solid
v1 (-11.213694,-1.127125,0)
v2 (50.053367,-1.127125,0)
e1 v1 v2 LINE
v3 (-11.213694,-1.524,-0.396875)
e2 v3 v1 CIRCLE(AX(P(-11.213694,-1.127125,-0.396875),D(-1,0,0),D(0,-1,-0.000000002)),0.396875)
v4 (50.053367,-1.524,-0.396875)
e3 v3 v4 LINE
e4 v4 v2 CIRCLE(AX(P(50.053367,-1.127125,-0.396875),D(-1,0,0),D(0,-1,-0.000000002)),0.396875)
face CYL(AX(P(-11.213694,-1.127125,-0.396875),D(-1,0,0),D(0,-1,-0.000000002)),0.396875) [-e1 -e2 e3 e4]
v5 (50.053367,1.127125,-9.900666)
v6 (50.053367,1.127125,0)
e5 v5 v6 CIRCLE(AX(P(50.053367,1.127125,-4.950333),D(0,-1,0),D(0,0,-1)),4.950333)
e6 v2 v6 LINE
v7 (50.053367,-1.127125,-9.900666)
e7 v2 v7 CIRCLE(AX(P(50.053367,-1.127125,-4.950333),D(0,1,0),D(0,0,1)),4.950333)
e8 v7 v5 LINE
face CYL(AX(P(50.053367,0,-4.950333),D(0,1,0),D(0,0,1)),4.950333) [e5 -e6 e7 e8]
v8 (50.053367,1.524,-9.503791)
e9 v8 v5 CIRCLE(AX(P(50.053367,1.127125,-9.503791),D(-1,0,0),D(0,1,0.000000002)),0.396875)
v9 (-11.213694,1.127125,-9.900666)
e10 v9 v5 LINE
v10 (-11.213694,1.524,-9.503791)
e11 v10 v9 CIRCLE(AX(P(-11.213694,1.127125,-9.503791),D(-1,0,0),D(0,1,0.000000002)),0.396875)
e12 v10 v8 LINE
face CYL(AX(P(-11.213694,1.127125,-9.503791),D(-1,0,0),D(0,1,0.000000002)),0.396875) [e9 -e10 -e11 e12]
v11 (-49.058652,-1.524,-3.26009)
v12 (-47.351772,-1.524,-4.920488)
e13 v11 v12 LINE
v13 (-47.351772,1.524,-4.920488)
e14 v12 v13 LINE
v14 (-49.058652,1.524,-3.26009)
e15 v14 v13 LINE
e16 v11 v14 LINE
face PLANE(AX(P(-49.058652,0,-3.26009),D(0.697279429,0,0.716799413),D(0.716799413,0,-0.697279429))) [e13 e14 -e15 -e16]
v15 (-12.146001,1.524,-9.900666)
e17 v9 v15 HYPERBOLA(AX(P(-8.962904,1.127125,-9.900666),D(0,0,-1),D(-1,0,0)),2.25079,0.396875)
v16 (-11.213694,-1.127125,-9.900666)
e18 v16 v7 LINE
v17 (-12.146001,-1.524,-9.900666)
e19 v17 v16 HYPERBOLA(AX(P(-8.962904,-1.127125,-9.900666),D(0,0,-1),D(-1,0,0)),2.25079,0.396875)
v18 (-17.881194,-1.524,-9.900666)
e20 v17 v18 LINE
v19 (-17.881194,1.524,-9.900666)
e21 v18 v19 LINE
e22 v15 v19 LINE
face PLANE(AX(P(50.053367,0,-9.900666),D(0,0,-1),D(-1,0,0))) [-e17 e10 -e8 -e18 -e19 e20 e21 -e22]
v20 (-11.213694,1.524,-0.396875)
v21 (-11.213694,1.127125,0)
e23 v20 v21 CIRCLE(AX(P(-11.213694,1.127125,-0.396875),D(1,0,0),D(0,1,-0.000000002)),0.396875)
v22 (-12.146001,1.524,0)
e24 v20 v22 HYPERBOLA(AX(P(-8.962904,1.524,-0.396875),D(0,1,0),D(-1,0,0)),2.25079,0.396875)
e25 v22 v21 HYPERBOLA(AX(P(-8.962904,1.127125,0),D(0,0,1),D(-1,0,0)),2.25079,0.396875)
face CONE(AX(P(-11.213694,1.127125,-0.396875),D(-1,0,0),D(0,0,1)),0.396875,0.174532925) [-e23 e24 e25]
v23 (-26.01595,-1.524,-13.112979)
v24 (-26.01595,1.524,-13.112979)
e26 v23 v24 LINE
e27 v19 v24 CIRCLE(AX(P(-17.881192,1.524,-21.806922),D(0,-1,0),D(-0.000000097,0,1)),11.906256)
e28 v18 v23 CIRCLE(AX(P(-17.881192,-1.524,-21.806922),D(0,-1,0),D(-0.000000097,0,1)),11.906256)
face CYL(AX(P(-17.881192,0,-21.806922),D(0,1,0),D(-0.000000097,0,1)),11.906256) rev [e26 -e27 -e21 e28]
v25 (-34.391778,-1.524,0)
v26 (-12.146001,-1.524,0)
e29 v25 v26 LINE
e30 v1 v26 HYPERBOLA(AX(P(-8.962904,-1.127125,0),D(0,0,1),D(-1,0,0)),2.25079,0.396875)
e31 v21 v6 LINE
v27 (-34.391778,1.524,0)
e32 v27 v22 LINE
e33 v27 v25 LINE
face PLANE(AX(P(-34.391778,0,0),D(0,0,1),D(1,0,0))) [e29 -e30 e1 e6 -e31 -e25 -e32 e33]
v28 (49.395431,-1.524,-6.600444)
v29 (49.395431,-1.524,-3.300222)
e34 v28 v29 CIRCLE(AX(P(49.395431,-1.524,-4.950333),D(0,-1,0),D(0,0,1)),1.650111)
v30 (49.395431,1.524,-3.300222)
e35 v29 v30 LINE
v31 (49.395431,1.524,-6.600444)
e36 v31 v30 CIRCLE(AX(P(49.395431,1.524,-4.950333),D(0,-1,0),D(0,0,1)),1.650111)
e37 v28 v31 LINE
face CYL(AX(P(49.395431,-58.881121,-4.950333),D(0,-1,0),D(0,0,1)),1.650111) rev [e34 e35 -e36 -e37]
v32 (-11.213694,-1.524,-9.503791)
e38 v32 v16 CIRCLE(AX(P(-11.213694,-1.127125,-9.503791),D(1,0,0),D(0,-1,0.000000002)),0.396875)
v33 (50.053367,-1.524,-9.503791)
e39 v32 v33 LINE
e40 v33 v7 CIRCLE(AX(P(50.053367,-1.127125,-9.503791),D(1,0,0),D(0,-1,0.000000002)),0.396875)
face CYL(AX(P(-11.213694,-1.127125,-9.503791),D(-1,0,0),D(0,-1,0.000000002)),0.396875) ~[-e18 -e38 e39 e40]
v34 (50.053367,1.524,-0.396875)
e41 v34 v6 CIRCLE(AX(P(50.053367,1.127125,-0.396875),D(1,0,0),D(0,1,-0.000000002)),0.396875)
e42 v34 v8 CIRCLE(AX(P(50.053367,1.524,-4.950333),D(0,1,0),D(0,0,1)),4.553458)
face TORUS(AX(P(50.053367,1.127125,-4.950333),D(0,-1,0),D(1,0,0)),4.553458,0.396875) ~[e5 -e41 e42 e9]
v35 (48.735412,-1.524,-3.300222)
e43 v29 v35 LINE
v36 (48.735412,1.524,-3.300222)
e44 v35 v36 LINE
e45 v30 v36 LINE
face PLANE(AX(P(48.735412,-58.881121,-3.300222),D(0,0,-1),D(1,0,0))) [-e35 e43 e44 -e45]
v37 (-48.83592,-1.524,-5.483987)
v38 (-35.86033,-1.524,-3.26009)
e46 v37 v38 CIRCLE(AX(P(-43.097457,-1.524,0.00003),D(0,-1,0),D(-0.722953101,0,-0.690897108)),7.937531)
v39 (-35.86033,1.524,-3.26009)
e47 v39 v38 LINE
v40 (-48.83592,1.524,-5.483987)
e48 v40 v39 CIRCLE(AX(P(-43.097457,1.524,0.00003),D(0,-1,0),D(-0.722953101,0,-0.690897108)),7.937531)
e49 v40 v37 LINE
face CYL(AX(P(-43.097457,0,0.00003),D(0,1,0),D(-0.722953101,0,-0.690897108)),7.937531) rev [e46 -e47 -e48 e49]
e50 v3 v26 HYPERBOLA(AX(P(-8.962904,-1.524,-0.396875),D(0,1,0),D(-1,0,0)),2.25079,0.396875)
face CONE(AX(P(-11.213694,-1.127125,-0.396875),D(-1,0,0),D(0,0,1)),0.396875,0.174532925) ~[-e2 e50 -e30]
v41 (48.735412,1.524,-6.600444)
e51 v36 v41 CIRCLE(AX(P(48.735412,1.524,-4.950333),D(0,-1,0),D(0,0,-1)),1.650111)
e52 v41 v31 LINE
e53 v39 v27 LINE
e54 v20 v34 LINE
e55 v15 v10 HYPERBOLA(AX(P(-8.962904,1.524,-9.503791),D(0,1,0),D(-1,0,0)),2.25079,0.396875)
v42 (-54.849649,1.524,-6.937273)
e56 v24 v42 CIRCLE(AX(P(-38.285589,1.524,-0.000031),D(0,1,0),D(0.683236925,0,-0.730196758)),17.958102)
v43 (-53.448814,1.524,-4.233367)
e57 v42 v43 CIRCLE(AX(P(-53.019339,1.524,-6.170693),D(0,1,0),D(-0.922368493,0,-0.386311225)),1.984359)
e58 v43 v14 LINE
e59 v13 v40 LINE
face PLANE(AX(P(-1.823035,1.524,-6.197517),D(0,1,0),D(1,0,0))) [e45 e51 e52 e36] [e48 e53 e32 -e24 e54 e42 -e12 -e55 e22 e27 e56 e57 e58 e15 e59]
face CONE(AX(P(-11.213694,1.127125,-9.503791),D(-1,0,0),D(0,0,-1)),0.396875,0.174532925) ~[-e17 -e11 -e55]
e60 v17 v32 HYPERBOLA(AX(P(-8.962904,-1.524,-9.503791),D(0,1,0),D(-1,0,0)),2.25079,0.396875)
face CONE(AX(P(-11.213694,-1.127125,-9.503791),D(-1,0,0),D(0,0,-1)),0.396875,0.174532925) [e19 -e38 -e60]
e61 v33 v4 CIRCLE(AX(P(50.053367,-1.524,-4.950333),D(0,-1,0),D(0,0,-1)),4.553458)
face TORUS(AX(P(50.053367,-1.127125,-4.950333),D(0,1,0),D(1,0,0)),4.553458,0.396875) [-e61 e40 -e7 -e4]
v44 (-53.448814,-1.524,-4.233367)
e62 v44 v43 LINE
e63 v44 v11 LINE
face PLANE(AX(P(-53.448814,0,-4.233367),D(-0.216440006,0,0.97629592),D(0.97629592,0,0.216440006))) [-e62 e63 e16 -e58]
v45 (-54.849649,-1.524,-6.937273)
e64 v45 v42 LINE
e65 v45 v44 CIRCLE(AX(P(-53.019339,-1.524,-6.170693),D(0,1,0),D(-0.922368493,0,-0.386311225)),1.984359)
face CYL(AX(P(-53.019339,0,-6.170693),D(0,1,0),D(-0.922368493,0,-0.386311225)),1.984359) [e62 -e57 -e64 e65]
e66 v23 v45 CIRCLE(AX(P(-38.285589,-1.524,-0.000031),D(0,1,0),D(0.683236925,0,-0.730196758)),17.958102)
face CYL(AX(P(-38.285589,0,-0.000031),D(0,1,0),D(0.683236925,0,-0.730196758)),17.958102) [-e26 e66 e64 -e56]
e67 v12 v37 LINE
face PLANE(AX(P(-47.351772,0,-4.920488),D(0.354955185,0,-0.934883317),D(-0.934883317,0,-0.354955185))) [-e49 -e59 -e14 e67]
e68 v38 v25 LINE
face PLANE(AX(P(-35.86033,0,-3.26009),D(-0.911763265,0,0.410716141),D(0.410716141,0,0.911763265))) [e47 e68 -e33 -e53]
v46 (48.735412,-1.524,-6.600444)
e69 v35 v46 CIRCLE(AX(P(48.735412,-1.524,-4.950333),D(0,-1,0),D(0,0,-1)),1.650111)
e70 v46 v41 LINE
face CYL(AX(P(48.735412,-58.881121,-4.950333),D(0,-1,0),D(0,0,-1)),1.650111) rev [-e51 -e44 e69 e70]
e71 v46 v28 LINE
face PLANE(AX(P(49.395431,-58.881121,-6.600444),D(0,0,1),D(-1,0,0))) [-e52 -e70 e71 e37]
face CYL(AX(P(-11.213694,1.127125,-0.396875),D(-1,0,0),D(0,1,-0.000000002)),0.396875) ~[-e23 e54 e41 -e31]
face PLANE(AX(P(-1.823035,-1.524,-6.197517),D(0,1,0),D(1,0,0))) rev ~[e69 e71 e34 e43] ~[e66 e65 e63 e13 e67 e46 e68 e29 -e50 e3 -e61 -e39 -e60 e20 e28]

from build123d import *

# Parameters (mm, degrees)
F1_OUTLINE_DEPTH            = 1.524
F2_SLOT_DEPTH               = 58.881120617
F2_SLOT_DEPTH_BACK          = 58.881120617
F3A_HANDLEROUNDS_DEPTH      = 50.053367
F3A_HANDLEROUNDS_DEPTH_BACK = 11.2136936
F3B_ENDROUND_ANGLE          = 180
F4_RUNOUT_TOP_POS_ANGLE     = 90
F4_RUNOUT_BOT_POS_ANGLE     = 90
F4_RUNOUT_TOP_NEG_ANGLE     = 90
F4_RUNOUT_BOT_NEG_ANGLE     = 90


with BuildPart() as part:
    # SK_F1_Outline → F1_Outline (new, symmetric)
    with BuildSketch(Plane(origin=(0, 0, 0), x_dir=(1, 0, 0), z_dir=(0, 1, 0))):
        with BuildLine():
            Line((-34.3917778, 0), (50.053367, 0))
            ThreePointArc((50.053367, 0), (55.0037, 4.950333), (50.053367, 9.900666))
            Line((50.053367, 9.900666), (-17.8811936, 9.900666))
            ThreePointArc((-17.8811936, 9.900666), (-22.254213469, 10.732825234), (-26.01595, 13.1129786))
            ThreePointArc((-26.01595, 13.1129786), (-42.046618803, 17.559873613), (-54.849649, 6.9372734))
            ThreePointArc((-54.849649, 6.9372734), (-54.781279257, 5.257869905), (-53.4488136, 4.2333672))
            Line((-53.4488136, 4.2333672), (-49.0586522, 3.26009))
            Line((-49.0586522, 3.26009), (-47.3517722, 4.920488))
            Line((-47.3517722, 4.920488), (-48.8359196, 5.483987))
            ThreePointArc((-48.8359196, 5.483987), (-41.756588445, 7.823426138), (-35.8603296, 3.26009))
            Line((-35.8603296, 3.26009), (-34.3917778, 0))
        make_face()
    extrude(amount=F1_OUTLINE_DEPTH, both=True)

    # SK_F2_Slot → F2_Slot (cut, two sides: drawn at the far end of the back side and taken through both)
    with BuildSketch(Plane(origin=(0, 0, 0), x_dir=(1, 0, 0), z_dir=(0, 1, 0)).offset(-F2_SLOT_DEPTH_BACK)):
        with BuildLine():
            Line((48.7354118, 3.300222), (49.3954308, 3.300222))
            ThreePointArc((49.3954308, 3.300222), (51.0455418, 4.950333), (49.3954308, 6.600444))
            Line((49.3954308, 6.600444), (48.7354118, 6.600444))
            ThreePointArc((48.7354118, 6.600444), (47.0853008, 4.950333), (48.7354118, 3.300222))
        make_face()
    extrude(amount=F2_SLOT_DEPTH + F2_SLOT_DEPTH_BACK, mode=Mode.SUBTRACT)

    # SK_F3_StraightRounds → F3a_HandleRounds (cut, two sides: drawn at the far end of the back side and taken through both)
    with BuildSketch(Plane(origin=(0, 0, 0), x_dir=(0, 0, -1), z_dir=(1, 0, 0)).offset(-F3A_HANDLEROUNDS_DEPTH_BACK)):
        with BuildLine():
            Line((0, 1.127125), (-0.254, 1.127125))
            Line((-0.254, 1.127125), (-0.254, 1.778))
            Line((-0.254, 1.778), (0.396875, 1.778))
            Line((0.396875, 1.778), (0.396875, 1.524))
            ThreePointArc((0.396875, 1.524), (0.116241996, 1.407758004), (0, 1.127125))
        make_face()
        with BuildLine():
            Line((9.900666, 1.127125), (10.154666, 1.127125))
            Line((10.154666, 1.127125), (10.154666, 1.778))
            Line((10.154666, 1.778), (9.503791, 1.778))
            Line((9.503791, 1.778), (9.503791, 1.524))
            ThreePointArc((9.503791, 1.524), (9.784424004, 1.407758004), (9.900666, 1.127125))
        make_face()
        with BuildLine():
            Line((0, -1.127125), (-0.254, -1.127125))
            Line((-0.254, -1.127125), (-0.254, -1.778))
            Line((-0.254, -1.778), (0.396875, -1.778))
            Line((0.396875, -1.778), (0.396875, -1.524))
            ThreePointArc((0.396875, -1.524), (0.116241996, -1.407758004), (0, -1.127125))
        make_face()
        with BuildLine():
            Line((9.900666, -1.127125), (10.154666, -1.127125))
            Line((10.154666, -1.127125), (10.154666, -1.778))
            Line((10.154666, -1.778), (9.503791, -1.778))
            Line((9.503791, -1.778), (9.503791, -1.524))
            ThreePointArc((9.503791, -1.524), (9.784424004, -1.407758004), (9.900666, -1.127125))
        make_face()
    extrude(amount=F3A_HANDLEROUNDS_DEPTH + F3A_HANDLEROUNDS_DEPTH_BACK, mode=Mode.SUBTRACT)

    # SK_F3_EndRound → F3b_EndRound (revolve, symmetric, cut)
    with BuildSketch(Plane.XY.offset(-4.950333)) as f3b_endround_sk:
        with BuildLine():
            Line((55.0037, 1.127125), (55.2577, 1.127125))
            Line((55.2577, 1.127125), (55.2577, 1.778))
            Line((55.2577, 1.778), (54.606825, 1.778))
            Line((54.606825, 1.778), (54.606825, 1.524))
            ThreePointArc((54.606825, 1.524), (54.887458004, 1.407758004), (55.0037, 1.127125))
        make_face()
        with BuildLine():
            Line((55.0037, -1.127125), (55.2577, -1.127125))
            Line((55.2577, -1.127125), (55.2577, -1.778))
            Line((55.2577, -1.778), (54.606825, -1.778))
            Line((54.606825, -1.778), (54.606825, -1.524))
            ThreePointArc((54.606825, -1.524), (54.887458004, -1.407758004), (55.0037, -1.127125))
        make_face()
    revolve(axis=Axis((50.053367, -2.54, -4.950333), (0, 1, 0)), revolution_arc=F3B_ENDROUND_ANGLE / 2, mode=Mode.SUBTRACT)
    revolve(f3b_endround_sk.sketch, axis=Axis((50.053367, -2.54, -4.950333), (0, -1, 0)), revolution_arc=F3B_ENDROUND_ANGLE / 2, mode=Mode.SUBTRACT)

    # SK_F4_Runout1 → F4_Runout_Top_Pos (revolve, cut)
    with BuildSketch(Plane(origin=(0, 1.127125, 0), x_dir=(1, 0, 0), z_dir=(0, 1, 0))):
        Polygon((-11.2136936, 0), (-12.1460006, -0.164390878), (-12.1460006, -0.365125), (-11.2136936, -0.365125), align=None)
    revolve(axis=Axis((-9.9436936, 1.127125, -0.396875), (-1, 0, 0)), revolution_arc=F4_RUNOUT_TOP_POS_ANGLE, mode=Mode.SUBTRACT)

    # SK_F4_Runout2 → F4_Runout_Bot_Pos (revolve, cut)
    with BuildSketch(Plane(origin=(0, 1.127125, 0), x_dir=(1, 0, 0), z_dir=(0, 1, 0))):
        Polygon((-11.2136936, 9.900666), (-12.1460006, 10.065056878), (-12.1460006, 10.265791), (-11.2136936, 10.265791), align=None)
    revolve(axis=Axis((-9.9436936, 1.127125, -9.503791), (1, 0, 0)), revolution_arc=F4_RUNOUT_BOT_POS_ANGLE, mode=Mode.SUBTRACT)

    # SK_F4_Runout3 → F4_Runout_Top_Neg (revolve, cut)
    with BuildSketch(Plane(origin=(0, -1.127125, 0), x_dir=(1, 0, 0), z_dir=(0, 1, 0))):
        Polygon((-11.2136936, 0), (-12.1460006, -0.164390878), (-12.1460006, -0.365125), (-11.2136936, -0.365125), align=None)
    revolve(axis=Axis((-9.9436936, -1.127125, -0.396875), (1, 0, 0)), revolution_arc=F4_RUNOUT_TOP_NEG_ANGLE, mode=Mode.SUBTRACT)

    # SK_F4_Runout4 → F4_Runout_Bot_Neg (revolve, cut)
    with BuildSketch(Plane(origin=(0, -1.127125, 0), x_dir=(1, 0, 0), z_dir=(0, 1, 0))):
        Polygon((-11.2136936, 9.900666), (-12.1460006, 10.065056878), (-12.1460006, 10.265791), (-11.2136936, 10.265791), align=None)
    revolve(axis=Axis((-9.9436936, -1.127125, -9.503791), (-1, 0, 0)), revolution_arc=F4_RUNOUT_BOT_NEG_ANGLE, mode=Mode.SUBTRACT)


solid = part.part
